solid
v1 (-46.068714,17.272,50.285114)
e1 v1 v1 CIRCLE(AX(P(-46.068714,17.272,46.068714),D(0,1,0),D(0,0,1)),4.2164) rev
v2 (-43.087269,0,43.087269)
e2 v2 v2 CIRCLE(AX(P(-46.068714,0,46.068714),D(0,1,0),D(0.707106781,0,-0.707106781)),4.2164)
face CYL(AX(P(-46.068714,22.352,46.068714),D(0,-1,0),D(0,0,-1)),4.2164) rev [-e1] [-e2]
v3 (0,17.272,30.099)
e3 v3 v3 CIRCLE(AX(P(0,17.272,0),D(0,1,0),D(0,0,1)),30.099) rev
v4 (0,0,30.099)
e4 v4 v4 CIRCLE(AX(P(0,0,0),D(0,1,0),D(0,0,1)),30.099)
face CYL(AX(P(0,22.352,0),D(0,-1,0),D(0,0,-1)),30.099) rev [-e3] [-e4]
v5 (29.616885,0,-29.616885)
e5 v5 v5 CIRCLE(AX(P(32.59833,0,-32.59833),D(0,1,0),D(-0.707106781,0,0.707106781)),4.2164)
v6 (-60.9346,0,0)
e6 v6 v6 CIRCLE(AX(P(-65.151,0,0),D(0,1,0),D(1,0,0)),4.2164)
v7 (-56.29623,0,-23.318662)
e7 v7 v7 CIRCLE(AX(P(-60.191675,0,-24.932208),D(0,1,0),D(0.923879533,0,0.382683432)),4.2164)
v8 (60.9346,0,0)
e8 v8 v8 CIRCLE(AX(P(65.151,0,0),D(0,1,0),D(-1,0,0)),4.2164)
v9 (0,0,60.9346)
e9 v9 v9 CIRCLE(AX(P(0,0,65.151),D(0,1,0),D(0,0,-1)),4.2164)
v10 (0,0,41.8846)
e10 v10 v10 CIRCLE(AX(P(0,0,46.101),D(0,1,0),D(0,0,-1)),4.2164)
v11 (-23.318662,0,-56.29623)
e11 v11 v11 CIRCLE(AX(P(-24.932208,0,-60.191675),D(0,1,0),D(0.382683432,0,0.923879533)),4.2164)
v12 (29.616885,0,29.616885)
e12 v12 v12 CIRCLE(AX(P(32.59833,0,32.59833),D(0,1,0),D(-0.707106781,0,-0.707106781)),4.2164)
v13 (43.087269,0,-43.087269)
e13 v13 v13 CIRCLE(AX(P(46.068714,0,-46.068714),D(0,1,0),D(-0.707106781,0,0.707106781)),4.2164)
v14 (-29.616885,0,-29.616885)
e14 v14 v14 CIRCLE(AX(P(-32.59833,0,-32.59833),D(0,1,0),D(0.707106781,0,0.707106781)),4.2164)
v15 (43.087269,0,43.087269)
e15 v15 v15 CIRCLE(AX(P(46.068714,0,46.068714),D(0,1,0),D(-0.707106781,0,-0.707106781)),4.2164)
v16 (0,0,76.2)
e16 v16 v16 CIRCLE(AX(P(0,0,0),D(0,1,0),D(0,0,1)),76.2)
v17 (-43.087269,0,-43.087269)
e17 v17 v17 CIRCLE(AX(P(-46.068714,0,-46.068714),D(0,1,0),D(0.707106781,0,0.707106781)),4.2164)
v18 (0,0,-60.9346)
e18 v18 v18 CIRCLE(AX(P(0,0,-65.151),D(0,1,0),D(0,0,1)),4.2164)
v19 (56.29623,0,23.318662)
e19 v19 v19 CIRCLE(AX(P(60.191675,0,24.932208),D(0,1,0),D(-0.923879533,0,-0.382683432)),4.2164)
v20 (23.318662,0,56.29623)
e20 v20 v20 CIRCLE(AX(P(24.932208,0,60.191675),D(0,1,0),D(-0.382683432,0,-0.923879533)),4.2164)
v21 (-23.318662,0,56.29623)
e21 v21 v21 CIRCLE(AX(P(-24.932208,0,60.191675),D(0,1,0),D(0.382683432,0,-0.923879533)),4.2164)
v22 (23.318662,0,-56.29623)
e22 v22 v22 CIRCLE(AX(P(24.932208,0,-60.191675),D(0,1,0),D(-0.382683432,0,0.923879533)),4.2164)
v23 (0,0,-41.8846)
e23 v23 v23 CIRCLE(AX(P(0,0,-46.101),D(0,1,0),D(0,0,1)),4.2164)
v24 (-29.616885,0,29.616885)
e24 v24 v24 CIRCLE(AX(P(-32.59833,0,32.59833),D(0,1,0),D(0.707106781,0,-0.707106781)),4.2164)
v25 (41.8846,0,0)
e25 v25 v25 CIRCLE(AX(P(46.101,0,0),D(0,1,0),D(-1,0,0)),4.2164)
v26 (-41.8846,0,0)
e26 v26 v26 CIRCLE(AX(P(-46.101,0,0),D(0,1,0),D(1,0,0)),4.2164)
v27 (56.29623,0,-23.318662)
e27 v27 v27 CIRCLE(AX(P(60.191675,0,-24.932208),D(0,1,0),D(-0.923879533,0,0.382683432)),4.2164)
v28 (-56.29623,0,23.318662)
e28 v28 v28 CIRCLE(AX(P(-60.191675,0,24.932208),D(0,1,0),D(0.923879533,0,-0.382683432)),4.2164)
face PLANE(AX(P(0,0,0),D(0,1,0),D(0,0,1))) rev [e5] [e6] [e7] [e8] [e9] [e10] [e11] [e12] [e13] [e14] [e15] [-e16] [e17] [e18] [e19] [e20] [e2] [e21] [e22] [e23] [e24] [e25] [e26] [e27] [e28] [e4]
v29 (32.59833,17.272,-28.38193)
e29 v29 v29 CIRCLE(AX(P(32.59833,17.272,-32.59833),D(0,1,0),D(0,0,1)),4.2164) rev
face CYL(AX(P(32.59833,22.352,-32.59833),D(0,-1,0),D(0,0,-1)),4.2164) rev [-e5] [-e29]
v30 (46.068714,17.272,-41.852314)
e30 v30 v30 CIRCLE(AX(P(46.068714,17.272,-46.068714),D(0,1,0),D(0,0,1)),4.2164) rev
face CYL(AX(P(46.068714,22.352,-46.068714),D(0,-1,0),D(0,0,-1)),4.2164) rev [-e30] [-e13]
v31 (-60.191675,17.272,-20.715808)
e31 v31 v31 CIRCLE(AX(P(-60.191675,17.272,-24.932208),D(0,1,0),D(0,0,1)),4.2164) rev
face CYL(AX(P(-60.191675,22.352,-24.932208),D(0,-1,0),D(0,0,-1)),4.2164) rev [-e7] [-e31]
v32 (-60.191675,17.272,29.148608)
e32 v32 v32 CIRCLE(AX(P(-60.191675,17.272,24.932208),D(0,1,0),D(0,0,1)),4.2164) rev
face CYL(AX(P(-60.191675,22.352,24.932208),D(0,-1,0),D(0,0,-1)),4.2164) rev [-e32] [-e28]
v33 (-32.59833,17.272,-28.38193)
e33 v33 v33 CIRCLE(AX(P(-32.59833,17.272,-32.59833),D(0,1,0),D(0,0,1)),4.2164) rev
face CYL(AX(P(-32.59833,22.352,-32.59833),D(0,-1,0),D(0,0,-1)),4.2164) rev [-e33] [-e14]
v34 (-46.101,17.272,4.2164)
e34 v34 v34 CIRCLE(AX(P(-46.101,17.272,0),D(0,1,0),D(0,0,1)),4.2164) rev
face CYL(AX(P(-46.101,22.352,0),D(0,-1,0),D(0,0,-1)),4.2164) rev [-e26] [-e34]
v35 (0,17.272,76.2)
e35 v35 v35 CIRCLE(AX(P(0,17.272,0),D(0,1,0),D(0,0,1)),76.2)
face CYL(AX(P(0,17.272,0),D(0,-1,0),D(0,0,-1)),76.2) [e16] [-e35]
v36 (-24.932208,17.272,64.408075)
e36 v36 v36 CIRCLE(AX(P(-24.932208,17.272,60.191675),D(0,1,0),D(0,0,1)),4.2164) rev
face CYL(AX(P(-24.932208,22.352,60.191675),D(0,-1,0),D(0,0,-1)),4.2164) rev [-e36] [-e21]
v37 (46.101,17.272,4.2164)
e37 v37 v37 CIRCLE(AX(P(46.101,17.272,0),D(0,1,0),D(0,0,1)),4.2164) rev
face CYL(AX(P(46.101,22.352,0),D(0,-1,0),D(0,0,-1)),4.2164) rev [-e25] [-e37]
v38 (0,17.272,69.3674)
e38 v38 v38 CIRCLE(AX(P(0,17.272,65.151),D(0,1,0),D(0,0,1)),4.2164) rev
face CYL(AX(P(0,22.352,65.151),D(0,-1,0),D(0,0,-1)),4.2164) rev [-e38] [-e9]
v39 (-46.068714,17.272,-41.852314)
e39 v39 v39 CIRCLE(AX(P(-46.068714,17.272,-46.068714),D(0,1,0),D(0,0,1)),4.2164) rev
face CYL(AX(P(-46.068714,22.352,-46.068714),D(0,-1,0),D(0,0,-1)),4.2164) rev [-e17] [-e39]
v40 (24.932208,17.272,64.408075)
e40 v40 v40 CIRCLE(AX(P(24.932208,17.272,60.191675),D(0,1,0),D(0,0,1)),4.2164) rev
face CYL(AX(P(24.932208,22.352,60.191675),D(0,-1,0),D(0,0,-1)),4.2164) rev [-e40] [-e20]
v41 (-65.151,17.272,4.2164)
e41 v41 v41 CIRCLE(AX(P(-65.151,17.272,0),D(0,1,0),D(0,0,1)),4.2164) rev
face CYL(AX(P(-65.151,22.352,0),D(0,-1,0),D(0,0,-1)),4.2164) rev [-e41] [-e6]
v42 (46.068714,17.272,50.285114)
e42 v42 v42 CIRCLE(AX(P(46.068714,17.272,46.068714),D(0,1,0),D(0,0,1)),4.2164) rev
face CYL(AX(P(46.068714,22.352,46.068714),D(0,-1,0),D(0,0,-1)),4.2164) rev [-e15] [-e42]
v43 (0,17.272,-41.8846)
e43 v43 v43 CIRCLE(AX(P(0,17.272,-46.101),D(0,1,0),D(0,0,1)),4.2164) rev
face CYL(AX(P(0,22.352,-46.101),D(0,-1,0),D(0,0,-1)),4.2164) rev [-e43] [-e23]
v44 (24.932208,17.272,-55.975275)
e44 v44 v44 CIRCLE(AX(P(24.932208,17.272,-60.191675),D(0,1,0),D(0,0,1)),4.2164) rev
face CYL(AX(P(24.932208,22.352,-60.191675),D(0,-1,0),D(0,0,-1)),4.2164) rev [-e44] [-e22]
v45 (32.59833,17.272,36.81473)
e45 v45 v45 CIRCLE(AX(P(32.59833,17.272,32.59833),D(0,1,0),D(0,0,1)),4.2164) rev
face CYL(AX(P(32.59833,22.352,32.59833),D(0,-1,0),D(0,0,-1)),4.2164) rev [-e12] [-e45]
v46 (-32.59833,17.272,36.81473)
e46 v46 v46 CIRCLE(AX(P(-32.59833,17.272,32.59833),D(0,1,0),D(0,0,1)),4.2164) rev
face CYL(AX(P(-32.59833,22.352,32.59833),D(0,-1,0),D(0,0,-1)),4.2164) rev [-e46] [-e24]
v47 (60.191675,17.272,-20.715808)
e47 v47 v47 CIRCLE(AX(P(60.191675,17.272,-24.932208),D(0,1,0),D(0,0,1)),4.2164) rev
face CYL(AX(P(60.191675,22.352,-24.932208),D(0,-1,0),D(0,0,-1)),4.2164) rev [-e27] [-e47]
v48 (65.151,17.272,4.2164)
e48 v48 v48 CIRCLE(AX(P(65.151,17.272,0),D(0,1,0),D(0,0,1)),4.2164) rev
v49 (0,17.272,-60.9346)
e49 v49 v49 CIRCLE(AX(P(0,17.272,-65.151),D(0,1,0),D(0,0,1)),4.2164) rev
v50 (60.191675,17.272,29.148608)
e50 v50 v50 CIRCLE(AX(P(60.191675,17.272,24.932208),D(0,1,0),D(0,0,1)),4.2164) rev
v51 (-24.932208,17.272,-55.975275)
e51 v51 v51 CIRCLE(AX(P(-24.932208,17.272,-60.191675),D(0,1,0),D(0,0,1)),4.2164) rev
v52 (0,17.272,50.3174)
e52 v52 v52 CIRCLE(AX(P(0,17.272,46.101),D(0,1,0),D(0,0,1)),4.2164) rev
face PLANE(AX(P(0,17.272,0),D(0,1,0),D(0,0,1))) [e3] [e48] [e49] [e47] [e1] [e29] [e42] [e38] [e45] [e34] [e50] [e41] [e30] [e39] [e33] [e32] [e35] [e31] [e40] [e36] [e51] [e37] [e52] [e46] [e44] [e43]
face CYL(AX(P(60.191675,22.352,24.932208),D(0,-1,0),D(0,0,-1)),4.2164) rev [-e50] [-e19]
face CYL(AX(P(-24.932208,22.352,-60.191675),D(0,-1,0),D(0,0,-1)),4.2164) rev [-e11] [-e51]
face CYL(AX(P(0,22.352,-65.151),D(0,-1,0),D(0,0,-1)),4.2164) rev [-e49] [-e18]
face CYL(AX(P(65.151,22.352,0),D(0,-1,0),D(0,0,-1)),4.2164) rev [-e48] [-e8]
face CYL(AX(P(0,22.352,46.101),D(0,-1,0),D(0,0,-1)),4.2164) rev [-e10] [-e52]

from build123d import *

# Parameters (mm, degrees)
SKETCH1_R          = 76.2
EXTRUDE1_DEPTH     = 17.272
SKETCH2_R          = 30.099
CUT_EXTRUDE1_DEPTH = 22.352
SKETCH3_R          = 4.2164
CUT_EXTRUDE3_DEPTH = 22.352
CIRPATTERN1_COUNT  = 8
SKETCH4_R          = 4.2164
CUT_EXTRUDE4_DEPTH = 22.352
CIRPATTERN2_COUNT  = 16


with BuildPart() as part:
    # Sketch1 → Extrude1 (new body)
    with BuildSketch(Plane(origin=(0, 0, 0), x_dir=(1, 0, 0), z_dir=(0, 1, 0))):
        Circle(SKETCH1_R)
    extrude(amount=EXTRUDE1_DEPTH)

    # Sketch2 → Cut-Extrude1 (cut)
    with BuildSketch(Plane(origin=(0, 0, 0), x_dir=(1, 0, 0), z_dir=(0, 1, 0))):
        Circle(SKETCH2_R)
    extrude(amount=CUT_EXTRUDE1_DEPTH, mode=Mode.SUBTRACT)

    # Sketch3 → Cut-Extrude3 (cut)
    with BuildSketch(Plane(origin=(0, 0, 0), x_dir=(1, 0, 0), z_dir=(0, 1, 0))):
        with Locations((0, 46.101)):
            Circle(SKETCH3_R)
    cut_extrude3 = extrude(amount=CUT_EXTRUDE3_DEPTH, mode=Mode.SUBTRACT)

    # CirPattern1: Cut-Extrude3 ×8 about axis
    cirpattern1_axis = Axis((0, 103.923475146, 0), (0, -1, 0))
    for i in range(1, CIRPATTERN1_COUNT):
        add(cut_extrude3.rotate(cirpattern1_axis, i * 360 / CIRPATTERN1_COUNT), mode=Mode.SUBTRACT)

    # Sketch4 → Cut-Extrude4 (cut)
    with BuildSketch(Plane(origin=(0, 0, 0), x_dir=(1, 0, 0), z_dir=(0, 1, 0))):
        with Locations((0, 65.151)):
            Circle(SKETCH4_R)
    cut_extrude4 = extrude(amount=CUT_EXTRUDE4_DEPTH, mode=Mode.SUBTRACT)

    # CirPattern2: Cut-Extrude4 ×16 about axis
    cirpattern2_axis = Axis((0, 103.923475146, 0), (0, -1, 0))
    for i in range(1, CIRPATTERN2_COUNT):
        add(cut_extrude4.rotate(cirpattern2_axis, i * 360 / CIRPATTERN2_COUNT), mode=Mode.SUBTRACT)


solid = part.part
